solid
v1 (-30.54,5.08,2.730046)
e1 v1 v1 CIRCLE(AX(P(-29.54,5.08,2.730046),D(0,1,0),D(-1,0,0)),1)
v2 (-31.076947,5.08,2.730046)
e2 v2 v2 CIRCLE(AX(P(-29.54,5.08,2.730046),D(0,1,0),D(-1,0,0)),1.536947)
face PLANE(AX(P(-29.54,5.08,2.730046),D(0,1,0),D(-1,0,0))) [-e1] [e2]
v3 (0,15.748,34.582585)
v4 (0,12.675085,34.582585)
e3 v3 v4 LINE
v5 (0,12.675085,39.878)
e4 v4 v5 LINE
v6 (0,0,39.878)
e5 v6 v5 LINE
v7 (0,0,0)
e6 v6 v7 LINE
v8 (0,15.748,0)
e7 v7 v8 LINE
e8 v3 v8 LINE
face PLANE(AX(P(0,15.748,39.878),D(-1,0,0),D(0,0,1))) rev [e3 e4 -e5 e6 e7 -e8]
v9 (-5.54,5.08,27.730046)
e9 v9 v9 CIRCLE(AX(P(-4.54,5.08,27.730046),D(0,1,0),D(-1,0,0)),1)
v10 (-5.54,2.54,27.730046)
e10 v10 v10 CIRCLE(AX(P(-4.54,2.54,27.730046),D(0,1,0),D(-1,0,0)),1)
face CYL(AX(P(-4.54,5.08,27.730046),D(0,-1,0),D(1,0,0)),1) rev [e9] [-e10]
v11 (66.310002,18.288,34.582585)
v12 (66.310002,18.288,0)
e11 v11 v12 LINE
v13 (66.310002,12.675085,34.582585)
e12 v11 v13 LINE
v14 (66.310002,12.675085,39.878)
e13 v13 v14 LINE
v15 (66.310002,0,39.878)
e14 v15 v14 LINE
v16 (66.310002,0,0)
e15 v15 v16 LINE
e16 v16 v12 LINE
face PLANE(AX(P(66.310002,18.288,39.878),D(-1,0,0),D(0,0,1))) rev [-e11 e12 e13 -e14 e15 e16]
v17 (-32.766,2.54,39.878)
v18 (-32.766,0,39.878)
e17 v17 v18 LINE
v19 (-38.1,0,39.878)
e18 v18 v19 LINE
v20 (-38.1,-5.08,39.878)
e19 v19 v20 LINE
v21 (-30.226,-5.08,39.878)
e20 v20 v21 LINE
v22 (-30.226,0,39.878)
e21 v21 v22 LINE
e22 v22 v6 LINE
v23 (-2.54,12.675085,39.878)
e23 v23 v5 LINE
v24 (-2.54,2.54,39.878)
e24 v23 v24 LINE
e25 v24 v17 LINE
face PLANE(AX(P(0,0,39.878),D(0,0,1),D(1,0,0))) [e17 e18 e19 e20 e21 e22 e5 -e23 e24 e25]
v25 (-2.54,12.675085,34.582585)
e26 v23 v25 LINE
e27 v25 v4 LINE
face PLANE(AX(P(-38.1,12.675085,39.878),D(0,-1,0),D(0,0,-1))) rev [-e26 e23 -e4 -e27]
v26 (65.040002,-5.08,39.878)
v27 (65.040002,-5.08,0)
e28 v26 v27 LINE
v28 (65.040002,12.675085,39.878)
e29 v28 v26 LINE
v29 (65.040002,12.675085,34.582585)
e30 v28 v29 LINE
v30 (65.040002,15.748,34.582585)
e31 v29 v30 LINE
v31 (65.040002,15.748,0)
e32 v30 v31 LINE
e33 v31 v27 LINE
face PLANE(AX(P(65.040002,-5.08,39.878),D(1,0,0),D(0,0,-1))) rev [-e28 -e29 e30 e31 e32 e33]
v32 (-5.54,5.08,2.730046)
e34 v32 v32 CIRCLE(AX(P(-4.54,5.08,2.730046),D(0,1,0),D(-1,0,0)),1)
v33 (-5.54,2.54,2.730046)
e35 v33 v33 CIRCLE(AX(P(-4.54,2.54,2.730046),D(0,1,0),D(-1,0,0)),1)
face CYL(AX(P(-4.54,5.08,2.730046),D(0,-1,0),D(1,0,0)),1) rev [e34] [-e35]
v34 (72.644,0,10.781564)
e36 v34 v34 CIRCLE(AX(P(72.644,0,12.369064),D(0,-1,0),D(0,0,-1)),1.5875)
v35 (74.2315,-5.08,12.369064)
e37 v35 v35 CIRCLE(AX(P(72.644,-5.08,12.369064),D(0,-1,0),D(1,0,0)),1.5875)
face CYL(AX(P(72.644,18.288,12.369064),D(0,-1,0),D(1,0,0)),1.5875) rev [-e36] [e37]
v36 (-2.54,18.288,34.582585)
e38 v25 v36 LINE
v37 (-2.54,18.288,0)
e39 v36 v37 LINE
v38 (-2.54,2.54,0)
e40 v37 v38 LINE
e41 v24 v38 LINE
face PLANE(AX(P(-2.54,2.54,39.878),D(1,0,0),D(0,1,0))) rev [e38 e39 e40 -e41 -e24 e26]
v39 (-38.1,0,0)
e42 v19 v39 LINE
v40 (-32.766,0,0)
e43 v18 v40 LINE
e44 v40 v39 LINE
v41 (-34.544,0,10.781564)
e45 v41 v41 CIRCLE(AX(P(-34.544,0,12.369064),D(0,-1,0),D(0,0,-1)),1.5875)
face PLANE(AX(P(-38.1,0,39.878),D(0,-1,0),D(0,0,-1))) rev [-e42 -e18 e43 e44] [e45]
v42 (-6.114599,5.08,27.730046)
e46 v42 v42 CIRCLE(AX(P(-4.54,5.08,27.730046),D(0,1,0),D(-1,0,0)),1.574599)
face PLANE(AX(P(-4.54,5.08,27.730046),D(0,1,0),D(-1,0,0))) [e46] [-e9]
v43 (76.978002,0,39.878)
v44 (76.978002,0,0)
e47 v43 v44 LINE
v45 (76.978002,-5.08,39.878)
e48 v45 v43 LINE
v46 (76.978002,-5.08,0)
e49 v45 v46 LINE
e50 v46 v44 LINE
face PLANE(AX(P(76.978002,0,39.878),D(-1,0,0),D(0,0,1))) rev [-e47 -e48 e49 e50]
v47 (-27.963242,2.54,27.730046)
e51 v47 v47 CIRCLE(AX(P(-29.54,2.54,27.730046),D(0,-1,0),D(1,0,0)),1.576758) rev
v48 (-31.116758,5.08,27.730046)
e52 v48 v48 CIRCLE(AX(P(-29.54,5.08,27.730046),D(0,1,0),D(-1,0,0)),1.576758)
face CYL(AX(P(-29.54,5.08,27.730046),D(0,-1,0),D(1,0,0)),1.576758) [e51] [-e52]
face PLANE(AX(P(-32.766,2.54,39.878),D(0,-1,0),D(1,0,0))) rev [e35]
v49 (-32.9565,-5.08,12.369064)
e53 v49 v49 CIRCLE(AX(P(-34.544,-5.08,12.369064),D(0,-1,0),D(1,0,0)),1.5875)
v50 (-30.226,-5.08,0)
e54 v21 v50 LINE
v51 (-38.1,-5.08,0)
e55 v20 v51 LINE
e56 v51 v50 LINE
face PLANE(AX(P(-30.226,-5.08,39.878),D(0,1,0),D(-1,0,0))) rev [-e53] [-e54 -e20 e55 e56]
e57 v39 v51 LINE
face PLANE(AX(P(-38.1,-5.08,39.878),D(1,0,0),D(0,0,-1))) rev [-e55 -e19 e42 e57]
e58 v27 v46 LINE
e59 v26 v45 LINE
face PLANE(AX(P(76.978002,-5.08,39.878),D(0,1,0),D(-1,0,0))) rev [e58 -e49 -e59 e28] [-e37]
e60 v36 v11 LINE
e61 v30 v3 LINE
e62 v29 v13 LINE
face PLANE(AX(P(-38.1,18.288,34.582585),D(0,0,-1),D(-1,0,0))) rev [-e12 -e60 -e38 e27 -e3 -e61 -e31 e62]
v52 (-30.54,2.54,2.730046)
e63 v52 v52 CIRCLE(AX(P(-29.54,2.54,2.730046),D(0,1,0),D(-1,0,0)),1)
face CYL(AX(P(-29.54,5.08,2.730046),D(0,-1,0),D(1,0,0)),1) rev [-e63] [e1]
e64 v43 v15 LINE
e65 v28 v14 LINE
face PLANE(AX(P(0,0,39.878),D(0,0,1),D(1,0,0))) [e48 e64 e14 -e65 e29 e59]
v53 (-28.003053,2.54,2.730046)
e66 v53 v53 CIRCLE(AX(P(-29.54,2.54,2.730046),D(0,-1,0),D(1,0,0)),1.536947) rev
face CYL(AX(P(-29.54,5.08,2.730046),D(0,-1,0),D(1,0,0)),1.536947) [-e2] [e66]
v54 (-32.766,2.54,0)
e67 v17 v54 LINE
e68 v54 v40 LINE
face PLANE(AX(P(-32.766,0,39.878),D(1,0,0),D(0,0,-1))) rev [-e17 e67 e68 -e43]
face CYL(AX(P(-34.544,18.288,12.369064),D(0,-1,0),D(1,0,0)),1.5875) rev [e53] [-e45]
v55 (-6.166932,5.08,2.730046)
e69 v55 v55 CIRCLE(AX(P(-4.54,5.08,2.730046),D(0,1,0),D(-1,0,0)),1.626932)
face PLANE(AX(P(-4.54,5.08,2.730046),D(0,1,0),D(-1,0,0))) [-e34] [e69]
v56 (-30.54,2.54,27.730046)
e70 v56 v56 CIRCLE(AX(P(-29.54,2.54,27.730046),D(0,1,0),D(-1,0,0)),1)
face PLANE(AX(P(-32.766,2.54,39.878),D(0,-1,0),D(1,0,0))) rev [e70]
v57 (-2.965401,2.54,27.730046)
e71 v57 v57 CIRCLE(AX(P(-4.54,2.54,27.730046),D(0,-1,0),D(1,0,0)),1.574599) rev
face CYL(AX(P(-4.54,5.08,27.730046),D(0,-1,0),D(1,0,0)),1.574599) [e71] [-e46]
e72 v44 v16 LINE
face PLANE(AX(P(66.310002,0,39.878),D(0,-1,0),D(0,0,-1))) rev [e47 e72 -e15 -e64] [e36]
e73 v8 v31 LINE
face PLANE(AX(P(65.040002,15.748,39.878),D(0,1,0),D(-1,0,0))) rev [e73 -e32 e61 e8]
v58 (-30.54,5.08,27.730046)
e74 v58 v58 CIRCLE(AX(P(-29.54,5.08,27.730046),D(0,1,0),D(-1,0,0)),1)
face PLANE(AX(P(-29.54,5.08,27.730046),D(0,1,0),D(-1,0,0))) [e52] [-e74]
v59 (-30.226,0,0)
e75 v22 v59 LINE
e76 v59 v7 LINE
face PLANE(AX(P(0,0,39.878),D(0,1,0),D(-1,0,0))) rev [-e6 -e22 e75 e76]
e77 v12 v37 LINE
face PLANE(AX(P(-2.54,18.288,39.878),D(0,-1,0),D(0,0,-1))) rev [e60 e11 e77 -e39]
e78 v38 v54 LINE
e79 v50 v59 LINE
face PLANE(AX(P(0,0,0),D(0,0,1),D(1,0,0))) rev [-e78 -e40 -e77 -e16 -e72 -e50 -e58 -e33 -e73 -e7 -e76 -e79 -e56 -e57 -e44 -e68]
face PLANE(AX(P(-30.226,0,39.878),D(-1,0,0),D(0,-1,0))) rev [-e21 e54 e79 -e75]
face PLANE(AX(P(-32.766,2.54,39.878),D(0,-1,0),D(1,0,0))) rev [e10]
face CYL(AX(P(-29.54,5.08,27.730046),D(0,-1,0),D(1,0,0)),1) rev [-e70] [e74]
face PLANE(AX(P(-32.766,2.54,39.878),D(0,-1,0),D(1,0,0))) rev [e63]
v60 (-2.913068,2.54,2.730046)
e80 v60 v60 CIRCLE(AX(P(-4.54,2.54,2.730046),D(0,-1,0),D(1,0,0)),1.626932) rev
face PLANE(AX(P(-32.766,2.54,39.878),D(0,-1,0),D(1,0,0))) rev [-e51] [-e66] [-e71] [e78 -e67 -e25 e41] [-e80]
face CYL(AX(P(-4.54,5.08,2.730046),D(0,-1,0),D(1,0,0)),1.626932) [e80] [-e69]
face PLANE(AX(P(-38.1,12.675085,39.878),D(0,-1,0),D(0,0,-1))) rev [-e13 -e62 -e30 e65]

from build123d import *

# Parameters (mm, degrees)
BOSS_EXTRUDE1_DEPTH = 39.878
SKETCH3_R           = 1.5875
CUT_EXTRUDE1_DEPTH  = 90.788257027
SKETCH5_W           = 5.295414823
SKETCH5_H           = 5.612914704
CUT_EXTRUDE2_DEPTH  = 124.157023236
SKETCH6_R           = 1.576757794
SKETCH6_R_2         = 1
SKETCH6_R_3         = 1.536946723
SKETCH6_R_4         = 1.574598992
SKETCH6_R_5         = 1.626931784
BOSS_EXTRUDE3_DEPTH = 2.54


with BuildPart() as part:
    # Sketch2 → Boss-Extrude1 (new body)
    with BuildSketch(Plane.XY):
        Polygon((-30.226, 0), (-30.226, -5.08), (-38.1, -5.08), (-38.1, 0), (-32.766, 0), (-32.766, 2.54), (-2.54, 2.54), (-2.54, 18.288), (66.310002, 18.288), (66.310002, 0), (76.978002, 0), (76.978002, -5.08), (65.040002, -5.08), (65.040002, 15.748), (0, 15.748), (0, 0), align=None)
    extrude(amount=BOSS_EXTRUDE1_DEPTH)

    # Sketch3 → Cut-Extrude1 (cut, through all)
    with BuildSketch(Plane.XZ.offset(5.08)):
        with Locations((-34.544, 12.369063527)):
            Circle(SKETCH3_R)
        with Locations((72.644, 12.369063527)):
            Circle(SKETCH3_R)
    extrude(amount=-CUT_EXTRUDE1_DEPTH, mode=Mode.SUBTRACT)

    # Sketch5 → Cut-Extrude2 (cut, through all)
    with BuildSketch(Plane(origin=(76.978002, 0, 0), x_dir=(0, 0, -1), z_dir=(1, 0, 0))):
        with Locations((-37.230292589, 15.481542648)):
            Rectangle(SKETCH5_W, SKETCH5_H)
    extrude(amount=-CUT_EXTRUDE2_DEPTH, mode=Mode.SUBTRACT)

    # Sketch6 → Boss-Extrude3 (add)
    # profile 1 of 4: a face of its own
    with BuildSketch(Plane(origin=(0, 2.54, 0), x_dir=(1, 0, 0), z_dir=(0, 1, 0))):
        with Locations((-29.54, -27.73004556)):
            Circle(SKETCH6_R)
        with Locations(Location((-29.54, -27.73004556, 0), (0, 0, 180))):
            Circle(SKETCH6_R_2, mode=Mode.SUBTRACT)
    # profile 2 of 4: a face of its own
    with BuildSketch(Plane(origin=(0, 2.54, 0), x_dir=(1, 0, 0), z_dir=(0, 1, 0))):
        with Locations((-29.54, -2.73004556)):
            Circle(SKETCH6_R_3)
        with Locations(Location((-29.54, -2.73004556, 0), (0, 0, 180))):
            Circle(SKETCH6_R_2, mode=Mode.SUBTRACT)
    # profile 3 of 4: a face of its own
    with BuildSketch(Plane(origin=(0, 2.54, 0), x_dir=(1, 0, 0), z_dir=(0, 1, 0))):
        with Locations((-4.54, -27.73004556)):
            Circle(SKETCH6_R_4)
        with Locations(Location((-4.54, -27.73004556, 0), (0, 0, 180))):
            Circle(SKETCH6_R_2, mode=Mode.SUBTRACT)
    # profile 4 of 4: a face of its own
    with BuildSketch(Plane(origin=(0, 2.54, 0), x_dir=(1, 0, 0), z_dir=(0, 1, 0))):
        with Locations((-4.54, -2.73004556)):
            Circle(SKETCH6_R_5)
        with Locations(Location((-4.54, -2.73004556, 0), (0, 0, 180))):
            Circle(SKETCH6_R_2, mode=Mode.SUBTRACT)
    extrude(amount=BOSS_EXTRUDE3_DEPTH)


solid = part.part
